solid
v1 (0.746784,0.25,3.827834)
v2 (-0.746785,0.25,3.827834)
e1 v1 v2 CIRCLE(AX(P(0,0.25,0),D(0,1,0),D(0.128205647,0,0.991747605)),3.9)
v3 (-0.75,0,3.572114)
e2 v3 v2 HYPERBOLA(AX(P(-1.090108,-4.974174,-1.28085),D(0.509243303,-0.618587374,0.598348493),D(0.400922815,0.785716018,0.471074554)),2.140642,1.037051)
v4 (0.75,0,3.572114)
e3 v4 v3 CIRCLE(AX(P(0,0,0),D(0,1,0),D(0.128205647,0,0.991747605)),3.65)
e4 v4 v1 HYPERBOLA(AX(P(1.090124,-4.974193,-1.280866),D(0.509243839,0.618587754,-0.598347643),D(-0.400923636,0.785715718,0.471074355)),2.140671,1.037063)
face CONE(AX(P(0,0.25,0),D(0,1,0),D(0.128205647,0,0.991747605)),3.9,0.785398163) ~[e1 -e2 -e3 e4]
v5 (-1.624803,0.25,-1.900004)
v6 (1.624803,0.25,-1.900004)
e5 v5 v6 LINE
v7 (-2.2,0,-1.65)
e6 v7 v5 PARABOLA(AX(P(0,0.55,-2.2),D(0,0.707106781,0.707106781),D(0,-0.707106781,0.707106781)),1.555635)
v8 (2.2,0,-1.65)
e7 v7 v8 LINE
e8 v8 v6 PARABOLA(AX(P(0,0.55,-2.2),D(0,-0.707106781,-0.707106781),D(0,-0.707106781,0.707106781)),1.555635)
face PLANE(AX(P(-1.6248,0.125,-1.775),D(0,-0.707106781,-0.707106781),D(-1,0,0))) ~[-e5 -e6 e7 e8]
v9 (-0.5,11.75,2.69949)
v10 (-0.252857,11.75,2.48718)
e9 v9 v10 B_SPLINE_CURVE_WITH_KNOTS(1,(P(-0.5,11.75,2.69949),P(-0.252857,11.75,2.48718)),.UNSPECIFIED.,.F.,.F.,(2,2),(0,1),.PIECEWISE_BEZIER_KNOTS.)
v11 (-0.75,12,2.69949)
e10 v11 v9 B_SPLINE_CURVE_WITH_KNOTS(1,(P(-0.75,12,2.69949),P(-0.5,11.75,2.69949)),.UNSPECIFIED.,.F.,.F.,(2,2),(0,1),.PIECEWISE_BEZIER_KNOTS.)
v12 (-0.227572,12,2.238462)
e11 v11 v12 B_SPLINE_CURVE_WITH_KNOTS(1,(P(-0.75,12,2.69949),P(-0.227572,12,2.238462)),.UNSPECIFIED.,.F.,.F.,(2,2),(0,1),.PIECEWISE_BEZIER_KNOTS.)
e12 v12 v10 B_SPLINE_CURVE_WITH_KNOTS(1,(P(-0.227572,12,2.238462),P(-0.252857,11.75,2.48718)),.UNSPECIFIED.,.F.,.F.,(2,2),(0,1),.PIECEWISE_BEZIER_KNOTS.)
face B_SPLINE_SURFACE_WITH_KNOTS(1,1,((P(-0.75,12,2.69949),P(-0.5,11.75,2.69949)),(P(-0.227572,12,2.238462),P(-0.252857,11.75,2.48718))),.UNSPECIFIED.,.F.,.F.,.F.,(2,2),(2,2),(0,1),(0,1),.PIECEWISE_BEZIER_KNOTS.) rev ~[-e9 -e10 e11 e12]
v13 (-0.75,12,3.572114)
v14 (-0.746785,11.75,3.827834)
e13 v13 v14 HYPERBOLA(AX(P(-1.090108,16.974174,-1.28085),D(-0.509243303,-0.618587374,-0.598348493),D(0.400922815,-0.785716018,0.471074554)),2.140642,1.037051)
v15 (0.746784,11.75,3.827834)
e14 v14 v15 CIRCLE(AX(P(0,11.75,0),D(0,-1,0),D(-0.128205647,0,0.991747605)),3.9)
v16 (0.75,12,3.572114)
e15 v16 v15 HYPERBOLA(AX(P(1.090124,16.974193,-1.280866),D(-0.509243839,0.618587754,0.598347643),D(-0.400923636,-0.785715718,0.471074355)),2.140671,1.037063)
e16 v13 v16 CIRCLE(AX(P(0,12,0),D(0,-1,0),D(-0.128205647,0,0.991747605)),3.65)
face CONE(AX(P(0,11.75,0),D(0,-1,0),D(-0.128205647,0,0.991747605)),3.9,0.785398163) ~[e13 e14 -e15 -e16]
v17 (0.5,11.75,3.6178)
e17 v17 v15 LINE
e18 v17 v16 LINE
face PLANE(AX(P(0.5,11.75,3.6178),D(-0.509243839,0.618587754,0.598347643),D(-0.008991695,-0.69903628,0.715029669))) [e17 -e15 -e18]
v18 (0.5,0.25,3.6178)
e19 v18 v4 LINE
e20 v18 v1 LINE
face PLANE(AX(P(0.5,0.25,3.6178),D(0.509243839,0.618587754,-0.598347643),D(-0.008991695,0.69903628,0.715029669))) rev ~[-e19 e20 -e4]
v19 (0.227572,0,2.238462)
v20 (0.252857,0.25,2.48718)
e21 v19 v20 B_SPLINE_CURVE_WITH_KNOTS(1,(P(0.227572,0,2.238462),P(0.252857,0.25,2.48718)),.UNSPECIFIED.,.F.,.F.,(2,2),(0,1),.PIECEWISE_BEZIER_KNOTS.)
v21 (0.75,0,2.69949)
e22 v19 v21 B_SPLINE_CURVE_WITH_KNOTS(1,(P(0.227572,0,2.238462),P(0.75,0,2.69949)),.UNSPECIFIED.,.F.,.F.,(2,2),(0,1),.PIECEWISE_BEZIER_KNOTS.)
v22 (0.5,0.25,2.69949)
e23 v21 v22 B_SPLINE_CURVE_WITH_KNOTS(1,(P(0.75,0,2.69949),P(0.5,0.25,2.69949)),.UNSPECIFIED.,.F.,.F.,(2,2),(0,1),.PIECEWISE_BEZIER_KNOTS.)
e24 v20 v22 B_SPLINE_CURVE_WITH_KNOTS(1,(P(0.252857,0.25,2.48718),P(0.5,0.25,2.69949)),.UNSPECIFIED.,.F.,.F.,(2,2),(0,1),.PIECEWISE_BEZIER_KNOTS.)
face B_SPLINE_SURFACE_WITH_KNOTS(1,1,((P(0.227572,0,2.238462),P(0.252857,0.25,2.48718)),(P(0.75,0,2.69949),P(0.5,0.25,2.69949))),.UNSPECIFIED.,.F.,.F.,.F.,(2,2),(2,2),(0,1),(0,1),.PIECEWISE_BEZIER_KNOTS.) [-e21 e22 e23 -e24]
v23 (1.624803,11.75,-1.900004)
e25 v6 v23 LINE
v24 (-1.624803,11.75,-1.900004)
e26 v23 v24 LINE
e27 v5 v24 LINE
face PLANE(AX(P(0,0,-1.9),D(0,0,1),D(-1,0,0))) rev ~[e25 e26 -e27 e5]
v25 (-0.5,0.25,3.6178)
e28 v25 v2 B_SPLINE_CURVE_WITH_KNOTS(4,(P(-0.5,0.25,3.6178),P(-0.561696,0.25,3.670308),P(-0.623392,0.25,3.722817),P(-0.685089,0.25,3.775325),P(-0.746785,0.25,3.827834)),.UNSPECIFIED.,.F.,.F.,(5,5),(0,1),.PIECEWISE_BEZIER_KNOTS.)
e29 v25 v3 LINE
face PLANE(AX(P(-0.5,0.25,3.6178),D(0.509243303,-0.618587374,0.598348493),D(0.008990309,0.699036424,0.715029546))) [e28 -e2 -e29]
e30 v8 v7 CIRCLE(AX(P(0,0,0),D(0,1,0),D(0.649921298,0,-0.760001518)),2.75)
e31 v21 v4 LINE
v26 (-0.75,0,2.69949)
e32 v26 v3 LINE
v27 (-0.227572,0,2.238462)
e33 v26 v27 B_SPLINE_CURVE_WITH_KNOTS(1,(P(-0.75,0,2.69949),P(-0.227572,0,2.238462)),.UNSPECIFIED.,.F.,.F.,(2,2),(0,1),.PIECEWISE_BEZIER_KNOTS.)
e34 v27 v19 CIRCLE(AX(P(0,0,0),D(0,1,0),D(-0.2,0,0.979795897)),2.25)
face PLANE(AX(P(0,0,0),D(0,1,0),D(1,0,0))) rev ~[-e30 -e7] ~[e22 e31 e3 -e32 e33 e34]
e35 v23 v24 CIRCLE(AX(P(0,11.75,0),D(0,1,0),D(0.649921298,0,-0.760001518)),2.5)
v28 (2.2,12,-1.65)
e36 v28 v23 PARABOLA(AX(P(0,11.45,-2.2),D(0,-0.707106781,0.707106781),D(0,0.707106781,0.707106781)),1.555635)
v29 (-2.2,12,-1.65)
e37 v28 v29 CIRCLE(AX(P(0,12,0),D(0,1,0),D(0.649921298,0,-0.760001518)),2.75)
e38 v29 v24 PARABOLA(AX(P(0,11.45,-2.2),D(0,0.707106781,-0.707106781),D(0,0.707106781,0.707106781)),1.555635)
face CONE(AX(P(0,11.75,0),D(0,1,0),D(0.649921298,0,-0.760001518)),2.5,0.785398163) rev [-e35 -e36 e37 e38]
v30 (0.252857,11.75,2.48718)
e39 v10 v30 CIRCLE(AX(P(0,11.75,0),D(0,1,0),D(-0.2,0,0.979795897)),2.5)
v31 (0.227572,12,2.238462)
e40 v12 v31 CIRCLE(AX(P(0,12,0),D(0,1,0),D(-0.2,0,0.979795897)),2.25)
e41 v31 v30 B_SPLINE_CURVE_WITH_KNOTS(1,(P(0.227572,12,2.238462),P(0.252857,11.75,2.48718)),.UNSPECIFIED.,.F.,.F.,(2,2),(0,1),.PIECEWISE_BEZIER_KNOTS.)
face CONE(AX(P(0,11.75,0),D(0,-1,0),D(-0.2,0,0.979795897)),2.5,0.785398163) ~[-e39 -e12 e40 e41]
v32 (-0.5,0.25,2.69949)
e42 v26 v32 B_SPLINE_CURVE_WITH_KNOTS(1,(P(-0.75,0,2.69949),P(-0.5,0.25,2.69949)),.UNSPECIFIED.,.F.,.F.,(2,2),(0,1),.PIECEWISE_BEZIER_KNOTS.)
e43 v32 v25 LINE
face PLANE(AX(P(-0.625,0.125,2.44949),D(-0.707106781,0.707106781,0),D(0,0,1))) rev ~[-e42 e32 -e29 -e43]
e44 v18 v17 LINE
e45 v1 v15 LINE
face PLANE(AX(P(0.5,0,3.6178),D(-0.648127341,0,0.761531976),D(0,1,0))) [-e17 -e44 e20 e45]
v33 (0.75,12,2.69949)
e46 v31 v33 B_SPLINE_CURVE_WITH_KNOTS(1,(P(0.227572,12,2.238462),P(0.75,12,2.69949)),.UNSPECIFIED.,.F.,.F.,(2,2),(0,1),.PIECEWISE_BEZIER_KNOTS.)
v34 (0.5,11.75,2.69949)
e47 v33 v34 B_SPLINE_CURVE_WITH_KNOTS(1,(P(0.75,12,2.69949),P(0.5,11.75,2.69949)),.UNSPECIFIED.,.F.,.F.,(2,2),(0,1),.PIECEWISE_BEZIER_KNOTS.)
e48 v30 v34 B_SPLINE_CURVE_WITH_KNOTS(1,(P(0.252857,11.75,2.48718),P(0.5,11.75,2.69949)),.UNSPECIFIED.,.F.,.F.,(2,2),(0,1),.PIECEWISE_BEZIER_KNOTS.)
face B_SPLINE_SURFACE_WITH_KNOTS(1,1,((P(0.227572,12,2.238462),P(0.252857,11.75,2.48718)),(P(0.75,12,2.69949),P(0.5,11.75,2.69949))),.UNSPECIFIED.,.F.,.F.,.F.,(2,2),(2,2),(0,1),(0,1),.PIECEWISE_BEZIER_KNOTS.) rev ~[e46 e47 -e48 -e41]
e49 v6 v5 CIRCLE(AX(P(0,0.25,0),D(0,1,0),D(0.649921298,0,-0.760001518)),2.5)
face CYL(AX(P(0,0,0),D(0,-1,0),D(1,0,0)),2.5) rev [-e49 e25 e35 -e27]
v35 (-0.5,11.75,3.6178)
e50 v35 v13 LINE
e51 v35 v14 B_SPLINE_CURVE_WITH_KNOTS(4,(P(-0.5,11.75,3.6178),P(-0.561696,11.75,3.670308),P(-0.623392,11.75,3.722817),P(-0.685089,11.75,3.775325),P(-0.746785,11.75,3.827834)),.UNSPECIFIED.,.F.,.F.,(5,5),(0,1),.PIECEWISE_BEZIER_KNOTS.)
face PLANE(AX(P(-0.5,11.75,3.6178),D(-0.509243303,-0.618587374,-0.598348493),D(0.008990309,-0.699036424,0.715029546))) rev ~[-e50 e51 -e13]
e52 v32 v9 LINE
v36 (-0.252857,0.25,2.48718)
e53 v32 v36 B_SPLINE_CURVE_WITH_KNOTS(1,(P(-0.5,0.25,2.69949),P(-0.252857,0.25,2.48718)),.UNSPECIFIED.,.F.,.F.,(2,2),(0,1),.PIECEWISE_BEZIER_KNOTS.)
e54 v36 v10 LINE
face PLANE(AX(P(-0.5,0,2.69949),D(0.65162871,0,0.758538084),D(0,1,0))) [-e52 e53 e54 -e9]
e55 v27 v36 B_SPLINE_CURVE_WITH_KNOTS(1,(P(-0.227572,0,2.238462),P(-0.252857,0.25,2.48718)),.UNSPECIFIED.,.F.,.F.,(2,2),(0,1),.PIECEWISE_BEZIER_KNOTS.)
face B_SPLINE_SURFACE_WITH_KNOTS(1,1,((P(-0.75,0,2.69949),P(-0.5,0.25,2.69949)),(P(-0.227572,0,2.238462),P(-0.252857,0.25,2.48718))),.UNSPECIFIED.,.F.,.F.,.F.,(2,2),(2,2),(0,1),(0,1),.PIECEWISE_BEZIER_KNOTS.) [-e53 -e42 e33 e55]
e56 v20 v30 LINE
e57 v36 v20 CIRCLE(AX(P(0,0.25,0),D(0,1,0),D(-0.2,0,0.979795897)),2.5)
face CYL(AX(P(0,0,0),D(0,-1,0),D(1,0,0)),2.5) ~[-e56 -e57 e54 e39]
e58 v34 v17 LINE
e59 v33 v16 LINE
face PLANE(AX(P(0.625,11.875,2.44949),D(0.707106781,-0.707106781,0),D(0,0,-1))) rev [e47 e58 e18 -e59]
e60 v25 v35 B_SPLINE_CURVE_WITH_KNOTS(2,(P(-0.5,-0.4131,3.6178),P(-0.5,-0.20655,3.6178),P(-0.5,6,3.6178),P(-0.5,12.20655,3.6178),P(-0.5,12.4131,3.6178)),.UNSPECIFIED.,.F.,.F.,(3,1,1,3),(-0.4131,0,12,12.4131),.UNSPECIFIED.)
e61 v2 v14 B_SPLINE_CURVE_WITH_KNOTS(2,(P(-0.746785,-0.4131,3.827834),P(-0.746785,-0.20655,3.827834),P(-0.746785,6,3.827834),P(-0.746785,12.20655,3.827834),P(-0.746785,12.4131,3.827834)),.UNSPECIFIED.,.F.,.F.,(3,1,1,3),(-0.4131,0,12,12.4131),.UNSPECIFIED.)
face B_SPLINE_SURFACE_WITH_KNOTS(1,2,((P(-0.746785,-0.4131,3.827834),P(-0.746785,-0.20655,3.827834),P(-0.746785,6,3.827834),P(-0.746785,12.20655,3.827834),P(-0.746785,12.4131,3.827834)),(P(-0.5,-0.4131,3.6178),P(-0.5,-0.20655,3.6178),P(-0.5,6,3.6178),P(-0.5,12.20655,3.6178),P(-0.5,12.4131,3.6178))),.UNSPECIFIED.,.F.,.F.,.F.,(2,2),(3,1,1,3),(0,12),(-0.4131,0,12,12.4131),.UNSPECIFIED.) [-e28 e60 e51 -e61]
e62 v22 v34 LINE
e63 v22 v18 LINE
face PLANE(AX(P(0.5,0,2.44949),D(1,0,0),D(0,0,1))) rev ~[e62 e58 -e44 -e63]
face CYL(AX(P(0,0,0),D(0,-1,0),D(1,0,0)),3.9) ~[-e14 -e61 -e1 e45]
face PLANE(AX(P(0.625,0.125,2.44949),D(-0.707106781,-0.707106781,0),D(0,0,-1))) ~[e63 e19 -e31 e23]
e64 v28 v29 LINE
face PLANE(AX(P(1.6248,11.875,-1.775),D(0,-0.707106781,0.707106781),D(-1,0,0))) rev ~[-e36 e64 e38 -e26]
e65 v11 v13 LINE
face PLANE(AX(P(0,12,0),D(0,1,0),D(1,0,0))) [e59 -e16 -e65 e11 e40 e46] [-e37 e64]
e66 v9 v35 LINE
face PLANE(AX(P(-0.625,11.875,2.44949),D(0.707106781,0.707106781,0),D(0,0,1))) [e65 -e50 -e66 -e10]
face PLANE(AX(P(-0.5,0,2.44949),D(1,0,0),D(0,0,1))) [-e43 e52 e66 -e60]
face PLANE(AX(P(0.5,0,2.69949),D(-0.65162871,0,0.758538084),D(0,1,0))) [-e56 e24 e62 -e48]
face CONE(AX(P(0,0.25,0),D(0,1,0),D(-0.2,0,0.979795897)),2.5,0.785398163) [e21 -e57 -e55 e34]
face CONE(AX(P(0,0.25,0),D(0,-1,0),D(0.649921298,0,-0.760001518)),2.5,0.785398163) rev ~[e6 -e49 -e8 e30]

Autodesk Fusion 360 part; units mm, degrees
sketch "Sketch1" plane through (0, 0, 0) normal (0, 1, 0) x (1, 0, 0) in component "Coupler"
  circle A0 centre (0, 0) radius 3.9
  circle A1 centre (0, 0) radius 2.5
  line L0 (0, 0) -> (0, 1.9) construction
  line L1 (0, 1.9) -> (1.6248, 1.9)
  line L2 (0, 1.9) -> (-1.6248, 1.9)
  line L3 (0, 0) -> (0, -1.6667) construction
  line L4 (0, -1.6667) -> (0.5, -1.6667) construction
  line L5 (0, -1.6667) -> (-0.5, -1.6667) construction
  line L6 (0.5, -1.6667) -> (0.5, -3.8678)
  line L7 (-0.5, -1.6667) -> (-0.5, -3.8678)
  dimension "d6" = 7.8
  dimension "d7" = 5
  dimension "d8" = 1.9
  dimension "d9" = 1.6667
  dimension "d10" = 0.5
  dimension "d11" = 0.5
extrude "Extrude1" add sketch "Sketch1" along normal blind 12 contours A0 A1 L6 L7 | A1 L1 L2 picked at (-1.1759, -3.2181) picked at (-0.4526, -0.9659) in component "Coupler"
chamfer "Chamfer1" distance 0.25 angle 45 4 faces at (-0.1667, 12, -0.4502) (-0.1667, 0, -0.4502) (-0.5, 4, 2.9223) (0.5, 4, 2.9223) in component "Coupler"
component "Coupler" placed x (1, 0, 0) y (0, 1, 0) z (0, 0, 1) at (0, 0, 0)
equation "MotorShaftDiameter = 5 mm"
equation "MotorShaftKeyDiameter = 4.4 mm"
equation "CouplerDiameter = 7.8 mm"
equation "CouplerHeight = 12 mm"
equation "Gap = 1 mm"
equation "d6 = CouplerDiameter"
equation "d7 = MotorShaftDiameter"
equation "d8 = MotorShaftKeyDiameter - MotorShaftDiameter / 2"
equation "d9 = MotorShaftDiameter / 3"
equation "d10 = Gap / 2"
equation "d11 = d10"
equation "d12 = CouplerHeight"
